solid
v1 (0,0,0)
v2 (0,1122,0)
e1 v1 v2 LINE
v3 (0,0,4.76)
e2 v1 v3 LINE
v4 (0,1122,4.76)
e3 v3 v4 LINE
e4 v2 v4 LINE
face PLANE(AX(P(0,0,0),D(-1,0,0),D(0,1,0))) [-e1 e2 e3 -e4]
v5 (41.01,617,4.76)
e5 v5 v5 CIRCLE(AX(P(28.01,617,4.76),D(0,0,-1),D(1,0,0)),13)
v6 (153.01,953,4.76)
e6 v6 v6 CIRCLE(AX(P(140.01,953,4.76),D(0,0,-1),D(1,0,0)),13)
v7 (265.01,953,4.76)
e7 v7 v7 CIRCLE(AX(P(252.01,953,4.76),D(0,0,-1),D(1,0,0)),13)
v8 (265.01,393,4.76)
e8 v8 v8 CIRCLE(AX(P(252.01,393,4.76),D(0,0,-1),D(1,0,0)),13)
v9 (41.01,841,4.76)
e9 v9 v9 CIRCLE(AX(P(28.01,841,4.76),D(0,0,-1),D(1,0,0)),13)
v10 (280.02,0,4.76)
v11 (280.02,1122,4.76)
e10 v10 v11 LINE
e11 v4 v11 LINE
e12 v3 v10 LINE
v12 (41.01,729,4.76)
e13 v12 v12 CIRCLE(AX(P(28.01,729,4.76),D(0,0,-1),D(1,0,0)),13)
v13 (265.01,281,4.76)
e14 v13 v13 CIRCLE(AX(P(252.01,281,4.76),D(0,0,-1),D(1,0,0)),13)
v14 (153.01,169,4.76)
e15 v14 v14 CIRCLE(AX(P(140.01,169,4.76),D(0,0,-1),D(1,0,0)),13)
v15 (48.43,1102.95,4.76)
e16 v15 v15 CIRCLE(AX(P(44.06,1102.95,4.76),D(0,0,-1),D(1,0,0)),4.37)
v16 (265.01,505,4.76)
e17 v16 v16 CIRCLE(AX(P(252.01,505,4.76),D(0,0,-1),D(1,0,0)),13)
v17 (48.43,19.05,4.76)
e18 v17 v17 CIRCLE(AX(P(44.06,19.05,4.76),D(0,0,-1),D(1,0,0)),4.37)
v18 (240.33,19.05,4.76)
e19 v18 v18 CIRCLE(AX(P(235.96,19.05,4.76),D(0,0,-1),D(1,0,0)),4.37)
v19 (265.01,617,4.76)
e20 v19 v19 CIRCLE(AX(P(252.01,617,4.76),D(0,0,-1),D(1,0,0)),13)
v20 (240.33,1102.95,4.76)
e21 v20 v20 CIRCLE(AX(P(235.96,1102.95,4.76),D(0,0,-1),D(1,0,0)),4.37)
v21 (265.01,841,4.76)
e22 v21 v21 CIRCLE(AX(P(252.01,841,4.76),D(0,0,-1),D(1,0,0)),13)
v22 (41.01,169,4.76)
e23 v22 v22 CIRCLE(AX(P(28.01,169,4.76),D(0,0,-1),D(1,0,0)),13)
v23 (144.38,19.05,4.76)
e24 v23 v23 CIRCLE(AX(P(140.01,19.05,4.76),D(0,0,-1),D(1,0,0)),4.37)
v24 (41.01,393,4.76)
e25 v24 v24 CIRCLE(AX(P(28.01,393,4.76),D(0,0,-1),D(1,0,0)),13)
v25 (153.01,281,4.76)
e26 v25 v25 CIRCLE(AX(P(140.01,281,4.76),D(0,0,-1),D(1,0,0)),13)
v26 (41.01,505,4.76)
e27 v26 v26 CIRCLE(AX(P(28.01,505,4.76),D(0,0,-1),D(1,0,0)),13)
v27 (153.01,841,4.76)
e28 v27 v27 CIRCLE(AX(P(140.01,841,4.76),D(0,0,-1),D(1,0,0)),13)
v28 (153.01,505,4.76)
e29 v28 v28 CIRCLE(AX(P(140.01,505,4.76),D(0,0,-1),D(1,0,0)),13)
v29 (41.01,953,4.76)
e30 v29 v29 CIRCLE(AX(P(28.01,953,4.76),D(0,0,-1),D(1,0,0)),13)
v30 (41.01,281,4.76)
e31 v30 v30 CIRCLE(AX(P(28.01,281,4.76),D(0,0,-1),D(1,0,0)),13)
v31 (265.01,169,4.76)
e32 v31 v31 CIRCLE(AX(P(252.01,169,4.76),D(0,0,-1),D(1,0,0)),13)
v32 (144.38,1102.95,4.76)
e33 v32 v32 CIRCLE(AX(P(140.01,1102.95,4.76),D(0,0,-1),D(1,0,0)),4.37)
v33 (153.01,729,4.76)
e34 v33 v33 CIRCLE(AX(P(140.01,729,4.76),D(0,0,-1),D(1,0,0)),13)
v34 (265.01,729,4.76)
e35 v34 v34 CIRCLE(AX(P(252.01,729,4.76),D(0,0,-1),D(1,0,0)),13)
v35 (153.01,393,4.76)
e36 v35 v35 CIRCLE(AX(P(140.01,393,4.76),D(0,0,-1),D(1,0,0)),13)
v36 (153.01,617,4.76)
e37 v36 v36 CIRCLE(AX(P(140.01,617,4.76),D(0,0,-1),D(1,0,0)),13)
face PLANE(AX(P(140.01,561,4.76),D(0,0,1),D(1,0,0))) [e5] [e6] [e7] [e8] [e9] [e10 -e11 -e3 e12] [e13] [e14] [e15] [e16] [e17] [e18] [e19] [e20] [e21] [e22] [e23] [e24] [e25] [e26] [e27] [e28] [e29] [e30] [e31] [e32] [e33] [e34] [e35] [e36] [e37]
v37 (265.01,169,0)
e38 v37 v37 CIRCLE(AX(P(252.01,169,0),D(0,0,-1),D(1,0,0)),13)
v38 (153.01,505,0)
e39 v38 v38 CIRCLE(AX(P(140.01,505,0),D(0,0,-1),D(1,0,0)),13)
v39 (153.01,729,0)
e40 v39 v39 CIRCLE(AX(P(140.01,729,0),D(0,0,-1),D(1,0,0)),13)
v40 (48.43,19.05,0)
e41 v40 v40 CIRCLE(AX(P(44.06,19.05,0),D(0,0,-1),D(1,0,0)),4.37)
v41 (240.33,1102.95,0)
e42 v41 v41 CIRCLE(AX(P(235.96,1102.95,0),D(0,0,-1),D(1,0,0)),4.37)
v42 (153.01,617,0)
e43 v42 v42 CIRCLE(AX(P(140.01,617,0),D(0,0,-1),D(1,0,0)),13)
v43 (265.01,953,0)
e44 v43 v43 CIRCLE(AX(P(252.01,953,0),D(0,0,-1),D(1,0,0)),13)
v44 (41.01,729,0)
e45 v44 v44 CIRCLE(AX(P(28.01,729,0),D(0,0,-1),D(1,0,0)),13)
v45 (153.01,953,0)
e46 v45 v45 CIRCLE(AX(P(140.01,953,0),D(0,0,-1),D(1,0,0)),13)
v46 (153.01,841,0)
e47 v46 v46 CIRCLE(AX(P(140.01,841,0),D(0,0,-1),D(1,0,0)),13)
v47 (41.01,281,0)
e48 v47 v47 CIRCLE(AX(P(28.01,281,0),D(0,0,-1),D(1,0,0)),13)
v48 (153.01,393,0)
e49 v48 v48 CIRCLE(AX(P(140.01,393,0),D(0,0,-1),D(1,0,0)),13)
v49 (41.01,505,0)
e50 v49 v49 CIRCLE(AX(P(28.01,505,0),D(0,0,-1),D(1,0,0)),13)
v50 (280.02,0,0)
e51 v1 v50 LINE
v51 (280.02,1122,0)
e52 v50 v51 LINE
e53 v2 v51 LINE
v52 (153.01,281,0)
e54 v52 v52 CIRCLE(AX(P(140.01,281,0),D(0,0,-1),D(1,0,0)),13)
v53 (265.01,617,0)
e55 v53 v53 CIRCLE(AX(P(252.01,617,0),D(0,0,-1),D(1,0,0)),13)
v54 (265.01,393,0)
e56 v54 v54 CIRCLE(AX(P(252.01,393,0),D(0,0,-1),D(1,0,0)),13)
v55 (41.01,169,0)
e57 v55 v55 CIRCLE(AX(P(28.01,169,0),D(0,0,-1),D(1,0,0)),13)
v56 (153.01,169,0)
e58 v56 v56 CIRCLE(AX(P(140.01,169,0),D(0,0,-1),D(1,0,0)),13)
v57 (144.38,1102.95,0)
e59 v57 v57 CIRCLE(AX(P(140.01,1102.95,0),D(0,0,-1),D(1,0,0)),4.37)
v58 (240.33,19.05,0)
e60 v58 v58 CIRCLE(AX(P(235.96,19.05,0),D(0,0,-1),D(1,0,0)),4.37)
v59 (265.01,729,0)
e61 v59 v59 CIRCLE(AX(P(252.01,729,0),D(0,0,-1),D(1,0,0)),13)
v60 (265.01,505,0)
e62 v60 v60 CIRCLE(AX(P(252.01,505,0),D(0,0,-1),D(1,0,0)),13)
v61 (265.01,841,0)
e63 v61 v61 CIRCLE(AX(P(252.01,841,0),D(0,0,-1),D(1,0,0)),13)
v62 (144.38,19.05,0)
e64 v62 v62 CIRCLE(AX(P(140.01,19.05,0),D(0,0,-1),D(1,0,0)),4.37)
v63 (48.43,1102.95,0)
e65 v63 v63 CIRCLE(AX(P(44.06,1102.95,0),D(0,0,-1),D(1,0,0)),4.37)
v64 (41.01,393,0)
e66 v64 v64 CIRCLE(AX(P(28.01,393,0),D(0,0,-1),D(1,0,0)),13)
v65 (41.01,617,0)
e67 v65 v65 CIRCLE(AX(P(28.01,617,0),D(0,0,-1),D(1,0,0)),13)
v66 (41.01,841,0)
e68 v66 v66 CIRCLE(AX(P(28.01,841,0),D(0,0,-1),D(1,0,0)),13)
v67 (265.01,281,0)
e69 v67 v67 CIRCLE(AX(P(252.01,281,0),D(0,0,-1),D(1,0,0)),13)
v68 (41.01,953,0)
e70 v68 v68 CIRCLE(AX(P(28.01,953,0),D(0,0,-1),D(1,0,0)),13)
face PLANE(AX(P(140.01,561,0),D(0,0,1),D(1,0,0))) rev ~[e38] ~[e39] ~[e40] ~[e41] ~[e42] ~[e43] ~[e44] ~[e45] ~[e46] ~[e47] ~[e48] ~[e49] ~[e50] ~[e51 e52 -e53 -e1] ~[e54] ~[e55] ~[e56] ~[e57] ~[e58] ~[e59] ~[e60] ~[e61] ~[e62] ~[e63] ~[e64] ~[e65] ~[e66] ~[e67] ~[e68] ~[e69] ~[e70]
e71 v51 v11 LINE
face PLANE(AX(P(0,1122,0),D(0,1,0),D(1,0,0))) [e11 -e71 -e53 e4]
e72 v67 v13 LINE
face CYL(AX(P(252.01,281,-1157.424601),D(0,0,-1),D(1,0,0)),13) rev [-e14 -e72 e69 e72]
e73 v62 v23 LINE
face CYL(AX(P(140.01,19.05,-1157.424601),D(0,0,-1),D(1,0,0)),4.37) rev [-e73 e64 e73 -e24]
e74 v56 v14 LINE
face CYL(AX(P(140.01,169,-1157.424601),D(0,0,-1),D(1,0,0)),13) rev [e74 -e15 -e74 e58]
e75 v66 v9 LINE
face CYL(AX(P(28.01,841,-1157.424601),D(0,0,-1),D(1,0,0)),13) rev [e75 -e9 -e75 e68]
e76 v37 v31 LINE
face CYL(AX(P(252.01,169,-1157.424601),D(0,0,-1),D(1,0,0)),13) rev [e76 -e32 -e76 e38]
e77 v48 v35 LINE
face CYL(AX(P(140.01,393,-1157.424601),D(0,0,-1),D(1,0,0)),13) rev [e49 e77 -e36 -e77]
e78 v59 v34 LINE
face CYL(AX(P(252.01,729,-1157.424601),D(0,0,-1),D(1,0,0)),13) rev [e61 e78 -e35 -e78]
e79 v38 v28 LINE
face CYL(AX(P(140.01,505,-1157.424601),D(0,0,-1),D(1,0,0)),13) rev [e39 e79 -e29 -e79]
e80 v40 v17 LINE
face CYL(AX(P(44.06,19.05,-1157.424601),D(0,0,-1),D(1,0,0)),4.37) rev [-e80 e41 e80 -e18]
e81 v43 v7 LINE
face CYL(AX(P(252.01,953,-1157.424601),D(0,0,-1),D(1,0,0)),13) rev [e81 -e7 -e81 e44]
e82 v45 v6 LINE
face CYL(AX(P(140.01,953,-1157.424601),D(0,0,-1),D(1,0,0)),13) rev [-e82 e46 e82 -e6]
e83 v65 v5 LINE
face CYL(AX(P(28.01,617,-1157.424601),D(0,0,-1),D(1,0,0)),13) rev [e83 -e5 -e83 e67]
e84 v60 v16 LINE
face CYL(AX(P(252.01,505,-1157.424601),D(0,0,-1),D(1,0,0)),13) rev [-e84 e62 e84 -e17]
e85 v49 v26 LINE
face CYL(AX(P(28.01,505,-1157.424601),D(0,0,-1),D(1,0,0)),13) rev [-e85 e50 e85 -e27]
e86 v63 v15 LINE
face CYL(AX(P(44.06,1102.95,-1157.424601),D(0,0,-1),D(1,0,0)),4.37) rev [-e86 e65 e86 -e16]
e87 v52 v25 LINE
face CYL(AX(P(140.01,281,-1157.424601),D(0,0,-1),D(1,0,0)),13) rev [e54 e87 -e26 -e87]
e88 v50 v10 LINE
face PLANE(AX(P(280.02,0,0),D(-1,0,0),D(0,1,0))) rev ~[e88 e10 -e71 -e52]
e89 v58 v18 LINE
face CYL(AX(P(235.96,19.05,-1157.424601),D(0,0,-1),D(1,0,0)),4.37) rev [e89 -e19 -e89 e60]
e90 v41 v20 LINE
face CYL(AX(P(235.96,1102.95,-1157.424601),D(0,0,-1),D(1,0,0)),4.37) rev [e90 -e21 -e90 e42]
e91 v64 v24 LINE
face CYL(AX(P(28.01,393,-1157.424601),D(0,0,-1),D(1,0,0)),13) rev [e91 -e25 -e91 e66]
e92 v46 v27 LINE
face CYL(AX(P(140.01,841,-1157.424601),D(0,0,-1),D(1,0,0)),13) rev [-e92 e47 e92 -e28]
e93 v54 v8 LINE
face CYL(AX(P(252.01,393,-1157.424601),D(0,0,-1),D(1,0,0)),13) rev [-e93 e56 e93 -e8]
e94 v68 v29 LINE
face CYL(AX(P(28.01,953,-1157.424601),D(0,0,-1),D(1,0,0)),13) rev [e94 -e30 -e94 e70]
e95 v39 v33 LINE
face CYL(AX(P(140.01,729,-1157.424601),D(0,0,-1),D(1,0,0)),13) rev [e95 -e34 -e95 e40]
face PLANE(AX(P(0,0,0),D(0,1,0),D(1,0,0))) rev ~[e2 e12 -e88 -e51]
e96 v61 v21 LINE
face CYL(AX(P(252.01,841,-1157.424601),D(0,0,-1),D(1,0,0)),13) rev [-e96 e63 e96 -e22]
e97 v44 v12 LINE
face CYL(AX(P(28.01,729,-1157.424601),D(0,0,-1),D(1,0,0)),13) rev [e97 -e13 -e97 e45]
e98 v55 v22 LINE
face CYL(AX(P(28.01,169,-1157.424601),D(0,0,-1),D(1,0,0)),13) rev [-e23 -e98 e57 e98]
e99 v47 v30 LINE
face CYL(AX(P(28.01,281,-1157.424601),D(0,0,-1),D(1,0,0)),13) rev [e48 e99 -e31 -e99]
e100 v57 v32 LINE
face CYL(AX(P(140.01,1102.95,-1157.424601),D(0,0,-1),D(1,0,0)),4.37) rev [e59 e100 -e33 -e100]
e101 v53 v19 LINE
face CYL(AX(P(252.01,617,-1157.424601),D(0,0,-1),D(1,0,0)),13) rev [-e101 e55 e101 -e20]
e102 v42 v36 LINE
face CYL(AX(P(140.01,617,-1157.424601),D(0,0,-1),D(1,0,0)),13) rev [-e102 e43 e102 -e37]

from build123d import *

# Parameters (mm, degrees)
SKETCH1_W        = 280.02
SKETCH1_H        = 1122
PLATE_DEPTH      = 4.76
HOLES_DEPTH      = 1157.424601087
HOLES_DEPTH_BACK = 1157.424601087
SKETCH2_R        = 4.37
SKETCH2_R_2      = 13


with BuildPart() as part:
    # Sketch1 → Plate (new body)
    with BuildSketch(Plane.XY):
        with Locations((140.01, 561)):
            Rectangle(SKETCH1_W, SKETCH1_H)
    extrude(amount=PLATE_DEPTH)

    # Sketch2 → Holes (cut, two sides: drawn at the far end of the back side and taken through both)
    with BuildSketch(Plane.XY.offset(-HOLES_DEPTH_BACK)):
        with Locations((44.06, 19.05)):
            Circle(SKETCH2_R)
        with Locations((44.06, 1102.95)):
            Circle(SKETCH2_R)
        with Locations((140.01, 19.05)):
            Circle(SKETCH2_R)
        with Locations((140.01, 1102.95)):
            Circle(SKETCH2_R)
        with Locations((235.96, 19.05)):
            Circle(SKETCH2_R)
        with Locations((235.96, 1102.95)):
            Circle(SKETCH2_R)
        with Locations((28.01, 169)):
            Circle(SKETCH2_R_2)
        with Locations((28.01, 281)):
            Circle(SKETCH2_R_2)
        with Locations((28.01, 393)):
            Circle(SKETCH2_R_2)
        with Locations((28.01, 505)):
            Circle(SKETCH2_R_2)
        with Locations((28.01, 617)):
            Circle(SKETCH2_R_2)
        with Locations((28.01, 729)):
            Circle(SKETCH2_R_2)
        with Locations((28.01, 841)):
            Circle(SKETCH2_R_2)
        with Locations((28.01, 953)):
            Circle(SKETCH2_R_2)
        with Locations((140.01, 169)):
            Circle(SKETCH2_R_2)
        with Locations((140.01, 281)):
            Circle(SKETCH2_R_2)
        with Locations((140.01, 393)):
            Circle(SKETCH2_R_2)
        with Locations((140.01, 505)):
            Circle(SKETCH2_R_2)
        with Locations((140.01, 617)):
            Circle(SKETCH2_R_2)
        with Locations((140.01, 729)):
            Circle(SKETCH2_R_2)
        with Locations((140.01, 841)):
            Circle(SKETCH2_R_2)
        with Locations((140.01, 953)):
            Circle(SKETCH2_R_2)
        with Locations((252.01, 169)):
            Circle(SKETCH2_R_2)
        with Locations((252.01, 281)):
            Circle(SKETCH2_R_2)
        with Locations((252.01, 393)):
            Circle(SKETCH2_R_2)
        with Locations((252.01, 505)):
            Circle(SKETCH2_R_2)
        with Locations((252.01, 617)):
            Circle(SKETCH2_R_2)
        with Locations((252.01, 729)):
            Circle(SKETCH2_R_2)
        with Locations((252.01, 841)):
            Circle(SKETCH2_R_2)
        with Locations((252.01, 953)):
            Circle(SKETCH2_R_2)
    extrude(amount=HOLES_DEPTH + HOLES_DEPTH_BACK, mode=Mode.SUBTRACT)


solid = part.part
